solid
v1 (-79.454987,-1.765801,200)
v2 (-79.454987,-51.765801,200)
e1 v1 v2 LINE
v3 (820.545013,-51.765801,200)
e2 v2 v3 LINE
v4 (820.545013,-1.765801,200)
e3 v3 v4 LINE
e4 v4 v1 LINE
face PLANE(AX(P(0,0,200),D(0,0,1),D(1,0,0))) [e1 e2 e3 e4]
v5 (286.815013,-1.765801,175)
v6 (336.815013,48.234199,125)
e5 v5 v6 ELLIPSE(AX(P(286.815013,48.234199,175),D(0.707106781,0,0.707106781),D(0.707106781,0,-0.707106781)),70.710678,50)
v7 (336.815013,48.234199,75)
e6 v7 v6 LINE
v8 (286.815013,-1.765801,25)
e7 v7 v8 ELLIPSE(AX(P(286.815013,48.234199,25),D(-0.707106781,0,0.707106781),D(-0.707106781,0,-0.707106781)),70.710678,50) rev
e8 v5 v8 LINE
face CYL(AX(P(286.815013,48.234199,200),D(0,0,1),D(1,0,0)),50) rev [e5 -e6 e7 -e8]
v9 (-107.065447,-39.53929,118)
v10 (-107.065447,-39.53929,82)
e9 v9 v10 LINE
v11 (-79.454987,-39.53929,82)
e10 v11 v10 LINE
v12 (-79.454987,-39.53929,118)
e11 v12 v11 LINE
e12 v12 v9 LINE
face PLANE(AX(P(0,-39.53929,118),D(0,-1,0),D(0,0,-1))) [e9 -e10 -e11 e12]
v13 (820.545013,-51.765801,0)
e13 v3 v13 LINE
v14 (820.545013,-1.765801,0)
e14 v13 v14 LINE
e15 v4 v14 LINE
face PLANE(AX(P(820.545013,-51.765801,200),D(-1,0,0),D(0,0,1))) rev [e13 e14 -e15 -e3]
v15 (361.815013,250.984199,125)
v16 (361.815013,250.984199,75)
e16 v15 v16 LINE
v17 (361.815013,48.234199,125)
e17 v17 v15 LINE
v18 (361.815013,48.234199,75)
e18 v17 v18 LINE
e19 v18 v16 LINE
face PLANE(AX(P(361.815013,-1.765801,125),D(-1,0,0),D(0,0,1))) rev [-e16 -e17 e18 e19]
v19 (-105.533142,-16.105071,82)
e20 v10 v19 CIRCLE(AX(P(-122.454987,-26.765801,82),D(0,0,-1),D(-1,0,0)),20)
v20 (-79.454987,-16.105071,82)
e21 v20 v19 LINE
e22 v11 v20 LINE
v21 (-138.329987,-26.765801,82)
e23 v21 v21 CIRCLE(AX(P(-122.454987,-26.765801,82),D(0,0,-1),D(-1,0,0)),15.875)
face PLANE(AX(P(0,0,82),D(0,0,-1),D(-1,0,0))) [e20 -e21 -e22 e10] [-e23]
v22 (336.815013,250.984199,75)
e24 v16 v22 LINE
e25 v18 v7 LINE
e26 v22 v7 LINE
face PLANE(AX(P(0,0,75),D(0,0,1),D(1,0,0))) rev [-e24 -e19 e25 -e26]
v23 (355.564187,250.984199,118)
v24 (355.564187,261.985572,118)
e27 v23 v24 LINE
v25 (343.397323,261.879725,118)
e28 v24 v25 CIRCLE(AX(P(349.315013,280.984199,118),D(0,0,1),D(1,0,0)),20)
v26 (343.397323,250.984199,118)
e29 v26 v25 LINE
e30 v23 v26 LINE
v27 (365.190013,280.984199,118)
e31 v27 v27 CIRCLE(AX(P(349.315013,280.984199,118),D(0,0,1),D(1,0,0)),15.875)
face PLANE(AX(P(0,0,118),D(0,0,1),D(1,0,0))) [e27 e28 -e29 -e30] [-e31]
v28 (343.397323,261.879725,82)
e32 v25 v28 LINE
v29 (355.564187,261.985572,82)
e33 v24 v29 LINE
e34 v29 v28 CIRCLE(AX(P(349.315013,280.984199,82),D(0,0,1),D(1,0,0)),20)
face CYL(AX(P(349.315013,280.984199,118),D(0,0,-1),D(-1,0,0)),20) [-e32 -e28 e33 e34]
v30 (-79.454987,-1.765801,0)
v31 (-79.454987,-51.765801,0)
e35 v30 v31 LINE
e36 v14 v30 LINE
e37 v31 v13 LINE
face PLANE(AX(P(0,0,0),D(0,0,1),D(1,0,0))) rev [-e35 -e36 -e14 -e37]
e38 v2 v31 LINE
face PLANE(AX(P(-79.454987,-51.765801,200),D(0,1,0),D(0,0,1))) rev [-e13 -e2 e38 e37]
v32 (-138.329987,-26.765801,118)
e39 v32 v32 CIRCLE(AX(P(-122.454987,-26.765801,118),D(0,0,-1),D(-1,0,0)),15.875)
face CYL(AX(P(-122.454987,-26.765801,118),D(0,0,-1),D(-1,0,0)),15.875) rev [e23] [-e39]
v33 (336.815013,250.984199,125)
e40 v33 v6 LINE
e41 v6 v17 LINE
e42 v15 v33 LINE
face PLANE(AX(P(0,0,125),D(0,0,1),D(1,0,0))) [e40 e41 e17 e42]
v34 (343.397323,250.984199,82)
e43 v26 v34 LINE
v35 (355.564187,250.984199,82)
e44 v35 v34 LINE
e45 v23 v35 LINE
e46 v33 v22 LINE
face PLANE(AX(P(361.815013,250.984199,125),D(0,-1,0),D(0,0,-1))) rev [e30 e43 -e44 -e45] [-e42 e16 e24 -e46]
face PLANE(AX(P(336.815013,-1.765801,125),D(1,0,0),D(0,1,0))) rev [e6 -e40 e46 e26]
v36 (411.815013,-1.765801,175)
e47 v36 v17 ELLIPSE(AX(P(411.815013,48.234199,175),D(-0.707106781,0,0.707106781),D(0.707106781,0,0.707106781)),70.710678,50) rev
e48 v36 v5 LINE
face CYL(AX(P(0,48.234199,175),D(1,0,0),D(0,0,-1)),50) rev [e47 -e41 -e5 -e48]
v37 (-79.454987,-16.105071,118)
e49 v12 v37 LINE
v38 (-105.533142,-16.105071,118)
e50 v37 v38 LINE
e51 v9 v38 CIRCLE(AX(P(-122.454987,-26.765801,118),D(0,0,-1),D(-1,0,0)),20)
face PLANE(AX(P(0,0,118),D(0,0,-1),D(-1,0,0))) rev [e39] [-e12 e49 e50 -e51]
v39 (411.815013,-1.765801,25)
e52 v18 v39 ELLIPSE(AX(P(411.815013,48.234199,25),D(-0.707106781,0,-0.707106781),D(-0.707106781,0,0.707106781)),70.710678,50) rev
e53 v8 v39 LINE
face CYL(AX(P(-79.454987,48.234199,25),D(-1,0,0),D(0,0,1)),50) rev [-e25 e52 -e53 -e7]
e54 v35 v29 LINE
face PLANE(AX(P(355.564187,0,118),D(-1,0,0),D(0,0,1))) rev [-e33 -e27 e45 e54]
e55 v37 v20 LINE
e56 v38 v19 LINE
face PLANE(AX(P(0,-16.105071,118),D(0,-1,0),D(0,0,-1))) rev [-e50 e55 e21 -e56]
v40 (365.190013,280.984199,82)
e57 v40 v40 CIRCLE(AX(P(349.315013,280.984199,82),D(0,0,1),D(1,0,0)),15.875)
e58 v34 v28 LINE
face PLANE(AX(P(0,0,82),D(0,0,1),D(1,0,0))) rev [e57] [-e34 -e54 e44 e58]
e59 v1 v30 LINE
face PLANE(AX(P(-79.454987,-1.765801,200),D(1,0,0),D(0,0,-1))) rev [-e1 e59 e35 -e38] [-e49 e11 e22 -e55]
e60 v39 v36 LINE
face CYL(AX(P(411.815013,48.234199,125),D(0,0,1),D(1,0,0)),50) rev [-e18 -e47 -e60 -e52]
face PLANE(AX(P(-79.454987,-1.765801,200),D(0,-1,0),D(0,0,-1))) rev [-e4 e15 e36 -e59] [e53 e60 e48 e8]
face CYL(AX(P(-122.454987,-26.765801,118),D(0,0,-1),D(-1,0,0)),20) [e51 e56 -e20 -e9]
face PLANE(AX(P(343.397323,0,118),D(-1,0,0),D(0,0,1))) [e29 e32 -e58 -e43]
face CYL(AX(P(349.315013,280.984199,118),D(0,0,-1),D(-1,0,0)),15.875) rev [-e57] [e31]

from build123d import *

# Parameters (mm, degrees)
SKETCH1_W           = 900
SKETCH1_H           = 50
BOSS_EXTRUDE1_DEPTH = 200
BOSS_EXTRUDE2_START = -82
SKETCH4_R           = 20
SKETCH4_R_2         = 15.875
BOSS_EXTRUDE2_DEPTH = 36
SKETCH8_W           = 25
SKETCH8_H           = 252.75
BOSS_EXTRUDE3_DEPTH = 25
FILLET1_R           = 50
SKETCH9_R           = 15.875
BOSS_EXTRUDE4_DEPTH = 18


with BuildPart() as part:
    # Sketch1 → Boss-Extrude1 (new body)
    with BuildSketch(Plane.XY):
        with Locations((370.54501266, -26.765800796)):
            Rectangle(SKETCH1_W, SKETCH1_H)
    extrude(amount=BOSS_EXTRUDE1_DEPTH)

    # Sketch4 → Boss-Extrude2 (add)
    # profile 1 of 2: a face of its own
    with BuildSketch(Plane(origin=(0, 0, 0), x_dir=(-1, 0, 0), z_dir=(0, 0, -1)).offset(BOSS_EXTRUDE2_START)):
        with BuildLine():
            Line((79.45498734, -16.105071334), (79.45498734, -26.765800796))
            Line((79.45498734, -26.765800796), (79.45498734, -39.539290307))
            Line((79.45498734, -39.539290307), (107.065446551, -39.539290307))
            ThreePointArc((107.065446551, -39.539290307), (102.497605949, -28.070763635), (105.53314207, -16.105071334))
            Line((105.53314207, -16.105071334), (79.45498734, -16.105071334))
        make_face()
    # profile 2 of 2: a face of its own
    with BuildSketch(Plane(origin=(0, 0, 0), x_dir=(-1, 0, 0), z_dir=(0, 0, -1)).offset(BOSS_EXTRUDE2_START)):
        with Locations((122.45498734, -26.765800796)):
            Circle(SKETCH4_R)
        with Locations((122.45498734, -26.765800796)):
            Circle(SKETCH4_R_2, mode=Mode.SUBTRACT)
    extrude(amount=-BOSS_EXTRUDE2_DEPTH)

    # Sketch8 → Boss-Extrude3 (add, symmetric)
    with BuildSketch(Plane.XY.offset(100)):
        with Locations((349.31501266, 124.609199204)):
            Rectangle(SKETCH8_W, SKETCH8_H)
    extrude(amount=BOSS_EXTRUDE3_DEPTH, both=True)

    # Fillet1
    fillet1_edges = [part.edges().sort_by_distance(p)[0] for p in [
        (349.31501266, -1.765800796, 75),
        (336.81501266, -1.765800796, 100),
        (361.81501266, -1.765800796, 100),
        (349.31501266, -1.765800796, 125),
    ]]
    fillet(fillet1_edges, radius=FILLET1_R)

    # Sketch9 → Boss-Extrude4 (add, symmetric)
    with BuildSketch(Plane.XY.offset(100)):
        with BuildLine():
            Line((343.39732273, 250.984199204), (355.564186934, 250.984199204))
            Line((355.564186934, 250.984199204), (355.564186934, 261.985572388))
            ThreePointArc((355.564186934, 261.985572388), (349.141025878, 300.983442405), (343.39732273, 261.879724705))
            Line((343.39732273, 261.879724705), (343.39732273, 250.984199204))
        make_face()
        with Locations((349.31501266, 280.984199204)):
            Circle(SKETCH9_R, mode=Mode.SUBTRACT)
    extrude(amount=BOSS_EXTRUDE4_DEPTH, both=True)


solid = part.part
